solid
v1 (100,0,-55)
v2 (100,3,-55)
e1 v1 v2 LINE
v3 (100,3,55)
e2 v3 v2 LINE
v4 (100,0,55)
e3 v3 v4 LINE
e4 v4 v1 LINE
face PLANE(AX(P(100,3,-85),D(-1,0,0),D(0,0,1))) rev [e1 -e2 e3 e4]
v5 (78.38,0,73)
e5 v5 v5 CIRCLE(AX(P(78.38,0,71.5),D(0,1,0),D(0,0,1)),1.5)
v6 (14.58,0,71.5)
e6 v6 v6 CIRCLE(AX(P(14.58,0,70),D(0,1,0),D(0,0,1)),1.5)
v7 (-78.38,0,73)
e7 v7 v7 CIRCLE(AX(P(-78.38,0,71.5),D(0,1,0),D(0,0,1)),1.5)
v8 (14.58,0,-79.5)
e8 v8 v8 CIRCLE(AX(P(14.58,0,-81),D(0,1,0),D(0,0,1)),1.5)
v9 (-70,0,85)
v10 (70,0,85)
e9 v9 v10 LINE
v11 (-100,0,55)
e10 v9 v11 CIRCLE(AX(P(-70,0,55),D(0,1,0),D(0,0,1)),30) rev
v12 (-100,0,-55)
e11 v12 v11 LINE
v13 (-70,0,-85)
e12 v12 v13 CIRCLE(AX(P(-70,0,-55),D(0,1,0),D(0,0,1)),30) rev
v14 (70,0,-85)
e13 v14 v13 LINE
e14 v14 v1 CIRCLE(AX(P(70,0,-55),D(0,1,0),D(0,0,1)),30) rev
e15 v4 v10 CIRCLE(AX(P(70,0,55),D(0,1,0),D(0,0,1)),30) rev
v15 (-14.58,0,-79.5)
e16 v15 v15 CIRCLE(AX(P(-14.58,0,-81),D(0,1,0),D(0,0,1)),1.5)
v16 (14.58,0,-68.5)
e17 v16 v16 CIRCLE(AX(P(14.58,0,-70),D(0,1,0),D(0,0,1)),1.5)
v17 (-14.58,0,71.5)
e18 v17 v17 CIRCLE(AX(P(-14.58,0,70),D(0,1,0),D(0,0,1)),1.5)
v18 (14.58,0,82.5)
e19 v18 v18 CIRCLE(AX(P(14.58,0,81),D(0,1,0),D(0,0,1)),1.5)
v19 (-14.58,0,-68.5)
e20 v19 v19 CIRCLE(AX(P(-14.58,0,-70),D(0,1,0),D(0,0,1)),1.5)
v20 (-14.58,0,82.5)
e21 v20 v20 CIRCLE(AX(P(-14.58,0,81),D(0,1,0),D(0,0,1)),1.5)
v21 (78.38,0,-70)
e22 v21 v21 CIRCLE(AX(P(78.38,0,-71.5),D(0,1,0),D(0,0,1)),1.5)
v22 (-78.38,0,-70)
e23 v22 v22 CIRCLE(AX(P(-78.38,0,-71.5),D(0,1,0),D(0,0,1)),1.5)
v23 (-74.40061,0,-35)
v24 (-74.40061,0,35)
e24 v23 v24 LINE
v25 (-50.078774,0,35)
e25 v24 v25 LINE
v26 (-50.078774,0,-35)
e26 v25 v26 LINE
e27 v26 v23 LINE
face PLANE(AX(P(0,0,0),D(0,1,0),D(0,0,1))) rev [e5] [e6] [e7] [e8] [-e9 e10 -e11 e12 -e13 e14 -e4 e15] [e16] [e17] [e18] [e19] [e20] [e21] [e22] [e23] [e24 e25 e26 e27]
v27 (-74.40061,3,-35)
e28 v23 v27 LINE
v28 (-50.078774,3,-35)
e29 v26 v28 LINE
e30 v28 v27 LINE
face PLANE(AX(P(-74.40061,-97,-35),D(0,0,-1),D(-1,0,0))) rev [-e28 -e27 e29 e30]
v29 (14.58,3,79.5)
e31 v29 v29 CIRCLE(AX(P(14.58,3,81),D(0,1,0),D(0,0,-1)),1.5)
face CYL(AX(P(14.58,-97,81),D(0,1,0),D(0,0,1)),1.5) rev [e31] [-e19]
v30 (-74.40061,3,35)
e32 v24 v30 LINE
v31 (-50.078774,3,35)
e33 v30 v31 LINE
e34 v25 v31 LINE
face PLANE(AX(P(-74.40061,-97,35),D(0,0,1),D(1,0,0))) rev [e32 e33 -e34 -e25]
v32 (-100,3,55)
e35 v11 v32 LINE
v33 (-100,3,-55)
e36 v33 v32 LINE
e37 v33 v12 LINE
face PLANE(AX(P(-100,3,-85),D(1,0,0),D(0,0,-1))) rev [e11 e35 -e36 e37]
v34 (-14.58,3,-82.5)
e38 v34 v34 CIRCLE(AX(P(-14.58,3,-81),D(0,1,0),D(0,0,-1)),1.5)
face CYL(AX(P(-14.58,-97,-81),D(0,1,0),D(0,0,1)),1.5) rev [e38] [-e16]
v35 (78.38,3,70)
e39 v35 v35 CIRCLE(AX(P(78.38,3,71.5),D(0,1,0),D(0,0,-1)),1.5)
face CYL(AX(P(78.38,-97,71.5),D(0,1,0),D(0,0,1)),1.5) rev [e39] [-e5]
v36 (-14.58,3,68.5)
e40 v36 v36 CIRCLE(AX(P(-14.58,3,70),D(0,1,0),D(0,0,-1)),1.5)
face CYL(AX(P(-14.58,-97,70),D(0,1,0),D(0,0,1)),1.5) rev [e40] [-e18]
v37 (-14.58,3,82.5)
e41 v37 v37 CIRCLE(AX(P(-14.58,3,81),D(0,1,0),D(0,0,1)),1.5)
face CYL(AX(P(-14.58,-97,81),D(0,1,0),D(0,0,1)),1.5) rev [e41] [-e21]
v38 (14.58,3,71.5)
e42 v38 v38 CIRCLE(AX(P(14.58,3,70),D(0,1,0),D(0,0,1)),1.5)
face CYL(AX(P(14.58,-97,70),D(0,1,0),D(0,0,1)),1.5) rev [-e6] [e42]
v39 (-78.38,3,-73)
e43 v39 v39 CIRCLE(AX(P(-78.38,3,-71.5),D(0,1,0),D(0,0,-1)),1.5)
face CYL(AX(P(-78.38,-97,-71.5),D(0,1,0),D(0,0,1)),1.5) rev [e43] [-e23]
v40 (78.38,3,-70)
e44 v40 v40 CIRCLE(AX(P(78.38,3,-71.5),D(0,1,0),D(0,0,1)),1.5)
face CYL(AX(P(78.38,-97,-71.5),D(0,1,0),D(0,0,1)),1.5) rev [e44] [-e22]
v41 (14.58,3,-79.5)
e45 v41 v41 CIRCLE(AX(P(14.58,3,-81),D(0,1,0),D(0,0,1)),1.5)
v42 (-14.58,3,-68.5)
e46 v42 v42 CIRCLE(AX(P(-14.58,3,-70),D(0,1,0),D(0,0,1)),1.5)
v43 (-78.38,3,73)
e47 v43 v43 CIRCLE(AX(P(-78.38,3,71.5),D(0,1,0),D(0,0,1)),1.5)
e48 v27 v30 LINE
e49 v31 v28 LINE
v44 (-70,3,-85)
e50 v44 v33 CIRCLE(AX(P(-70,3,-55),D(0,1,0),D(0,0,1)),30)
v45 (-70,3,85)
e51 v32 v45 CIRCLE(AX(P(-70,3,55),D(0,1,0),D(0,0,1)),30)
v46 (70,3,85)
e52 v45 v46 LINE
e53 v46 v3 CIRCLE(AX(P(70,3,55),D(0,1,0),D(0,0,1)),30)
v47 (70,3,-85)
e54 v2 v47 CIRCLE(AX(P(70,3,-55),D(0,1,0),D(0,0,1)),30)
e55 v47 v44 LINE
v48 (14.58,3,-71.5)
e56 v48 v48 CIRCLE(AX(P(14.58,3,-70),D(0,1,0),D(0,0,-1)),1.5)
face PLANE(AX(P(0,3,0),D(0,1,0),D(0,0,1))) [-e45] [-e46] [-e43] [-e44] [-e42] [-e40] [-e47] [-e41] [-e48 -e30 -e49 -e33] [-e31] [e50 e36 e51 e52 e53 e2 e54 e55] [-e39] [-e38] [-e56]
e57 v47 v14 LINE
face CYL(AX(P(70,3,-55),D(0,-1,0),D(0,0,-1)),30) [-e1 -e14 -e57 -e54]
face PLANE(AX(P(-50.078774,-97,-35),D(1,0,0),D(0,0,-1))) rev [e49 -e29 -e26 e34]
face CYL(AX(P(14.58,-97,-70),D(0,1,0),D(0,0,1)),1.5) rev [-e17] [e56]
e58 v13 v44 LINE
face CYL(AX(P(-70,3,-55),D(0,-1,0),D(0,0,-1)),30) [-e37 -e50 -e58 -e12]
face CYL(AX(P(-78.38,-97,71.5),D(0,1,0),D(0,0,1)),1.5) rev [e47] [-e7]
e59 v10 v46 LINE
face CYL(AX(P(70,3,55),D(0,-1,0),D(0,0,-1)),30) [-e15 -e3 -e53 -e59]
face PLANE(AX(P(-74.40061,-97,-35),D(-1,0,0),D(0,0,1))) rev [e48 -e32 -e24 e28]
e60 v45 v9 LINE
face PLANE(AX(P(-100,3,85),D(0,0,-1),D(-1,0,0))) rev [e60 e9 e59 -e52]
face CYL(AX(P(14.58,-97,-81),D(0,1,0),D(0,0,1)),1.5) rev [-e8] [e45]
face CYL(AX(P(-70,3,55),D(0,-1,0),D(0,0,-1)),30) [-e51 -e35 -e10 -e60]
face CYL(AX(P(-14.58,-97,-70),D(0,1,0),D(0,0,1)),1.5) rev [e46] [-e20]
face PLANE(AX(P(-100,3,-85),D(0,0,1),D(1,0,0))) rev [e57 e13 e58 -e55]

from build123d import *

# Parameters (mm, degrees)
SKETCH1_W           = 200
SKETCH1_H           = 170
BOSS_EXTRUDE1_DEPTH = 3
SKETCH2_W           = 24.321835298
SKETCH2_H           = 70
CUT_EXTRUDE1_DEPTH  = 100
SKETCH3_R           = 1.5
CUT_EXTRUDE2_DEPTH  = 100
SKETCH4_R           = 1.5
CUT_EXTRUDE3_DEPTH  = 100
FILLET1_R           = 30


with BuildPart() as part:
    # Sketch1 → Boss-Extrude1 (new body)
    with BuildSketch(Plane(origin=(0, 0, 0), x_dir=(1, 0, 0), z_dir=(0, 1, 0))):
        Rectangle(SKETCH1_W, SKETCH1_H)
    extrude(amount=BOSS_EXTRUDE1_DEPTH)

    # Sketch2 → Cut-Extrude1 (cut)
    with BuildSketch(Plane(origin=(0, 3, 0), x_dir=(1, 0, 0), z_dir=(0, 1, 0))):
        with Locations((-62.239691906, 0)):
            Rectangle(SKETCH2_W, SKETCH2_H)
    extrude(amount=-CUT_EXTRUDE1_DEPTH, mode=Mode.SUBTRACT)

    # Sketch3 → Cut-Extrude2 (cut)
    with BuildSketch(Plane(origin=(0, 3, 0), x_dir=(1, 0, 0), z_dir=(0, 1, 0))):
        with Locations((-78.38, -71.5)):
            Circle(SKETCH3_R)
        with Locations((-78.38, 71.5)):
            Circle(SKETCH3_R)
        with Locations((78.38, 71.5)):
            Circle(SKETCH3_R)
        with Locations((78.38, -71.5)):
            Circle(SKETCH3_R)
    extrude(amount=-CUT_EXTRUDE2_DEPTH, mode=Mode.SUBTRACT)

    # Sketch4 → Cut-Extrude3 (cut)
    with BuildSketch(Plane(origin=(0, 3, 0), x_dir=(1, 0, 0), z_dir=(0, 1, 0))):
        with Locations((-14.58, -81)):
            Circle(SKETCH4_R)
        with Locations((14.58, -81)):
            Circle(SKETCH4_R)
        with Locations((-14.58, -70)):
            Circle(SKETCH4_R)
        with Locations((14.58, -70)):
            Circle(SKETCH4_R)
        with Locations((-14.58, 81)):
            Circle(SKETCH4_R)
        with Locations((-14.58, 70)):
            Circle(SKETCH4_R)
        with Locations((14.58, 81)):
            Circle(SKETCH4_R)
        with Locations((14.58, 70)):
            Circle(SKETCH4_R)
    extrude(amount=-CUT_EXTRUDE3_DEPTH, mode=Mode.SUBTRACT)

    # Fillet1
    fillet1_edges = [part.edges().sort_by_distance(p)[0] for p in [
        (100, 1.5, 85),
        (-100, 1.5, 85),
        (-100, 1.5, -85),
        (100, 1.5, -85),
    ]]
    fillet(fillet1_edges, radius=FILLET1_R)


solid = part.part
